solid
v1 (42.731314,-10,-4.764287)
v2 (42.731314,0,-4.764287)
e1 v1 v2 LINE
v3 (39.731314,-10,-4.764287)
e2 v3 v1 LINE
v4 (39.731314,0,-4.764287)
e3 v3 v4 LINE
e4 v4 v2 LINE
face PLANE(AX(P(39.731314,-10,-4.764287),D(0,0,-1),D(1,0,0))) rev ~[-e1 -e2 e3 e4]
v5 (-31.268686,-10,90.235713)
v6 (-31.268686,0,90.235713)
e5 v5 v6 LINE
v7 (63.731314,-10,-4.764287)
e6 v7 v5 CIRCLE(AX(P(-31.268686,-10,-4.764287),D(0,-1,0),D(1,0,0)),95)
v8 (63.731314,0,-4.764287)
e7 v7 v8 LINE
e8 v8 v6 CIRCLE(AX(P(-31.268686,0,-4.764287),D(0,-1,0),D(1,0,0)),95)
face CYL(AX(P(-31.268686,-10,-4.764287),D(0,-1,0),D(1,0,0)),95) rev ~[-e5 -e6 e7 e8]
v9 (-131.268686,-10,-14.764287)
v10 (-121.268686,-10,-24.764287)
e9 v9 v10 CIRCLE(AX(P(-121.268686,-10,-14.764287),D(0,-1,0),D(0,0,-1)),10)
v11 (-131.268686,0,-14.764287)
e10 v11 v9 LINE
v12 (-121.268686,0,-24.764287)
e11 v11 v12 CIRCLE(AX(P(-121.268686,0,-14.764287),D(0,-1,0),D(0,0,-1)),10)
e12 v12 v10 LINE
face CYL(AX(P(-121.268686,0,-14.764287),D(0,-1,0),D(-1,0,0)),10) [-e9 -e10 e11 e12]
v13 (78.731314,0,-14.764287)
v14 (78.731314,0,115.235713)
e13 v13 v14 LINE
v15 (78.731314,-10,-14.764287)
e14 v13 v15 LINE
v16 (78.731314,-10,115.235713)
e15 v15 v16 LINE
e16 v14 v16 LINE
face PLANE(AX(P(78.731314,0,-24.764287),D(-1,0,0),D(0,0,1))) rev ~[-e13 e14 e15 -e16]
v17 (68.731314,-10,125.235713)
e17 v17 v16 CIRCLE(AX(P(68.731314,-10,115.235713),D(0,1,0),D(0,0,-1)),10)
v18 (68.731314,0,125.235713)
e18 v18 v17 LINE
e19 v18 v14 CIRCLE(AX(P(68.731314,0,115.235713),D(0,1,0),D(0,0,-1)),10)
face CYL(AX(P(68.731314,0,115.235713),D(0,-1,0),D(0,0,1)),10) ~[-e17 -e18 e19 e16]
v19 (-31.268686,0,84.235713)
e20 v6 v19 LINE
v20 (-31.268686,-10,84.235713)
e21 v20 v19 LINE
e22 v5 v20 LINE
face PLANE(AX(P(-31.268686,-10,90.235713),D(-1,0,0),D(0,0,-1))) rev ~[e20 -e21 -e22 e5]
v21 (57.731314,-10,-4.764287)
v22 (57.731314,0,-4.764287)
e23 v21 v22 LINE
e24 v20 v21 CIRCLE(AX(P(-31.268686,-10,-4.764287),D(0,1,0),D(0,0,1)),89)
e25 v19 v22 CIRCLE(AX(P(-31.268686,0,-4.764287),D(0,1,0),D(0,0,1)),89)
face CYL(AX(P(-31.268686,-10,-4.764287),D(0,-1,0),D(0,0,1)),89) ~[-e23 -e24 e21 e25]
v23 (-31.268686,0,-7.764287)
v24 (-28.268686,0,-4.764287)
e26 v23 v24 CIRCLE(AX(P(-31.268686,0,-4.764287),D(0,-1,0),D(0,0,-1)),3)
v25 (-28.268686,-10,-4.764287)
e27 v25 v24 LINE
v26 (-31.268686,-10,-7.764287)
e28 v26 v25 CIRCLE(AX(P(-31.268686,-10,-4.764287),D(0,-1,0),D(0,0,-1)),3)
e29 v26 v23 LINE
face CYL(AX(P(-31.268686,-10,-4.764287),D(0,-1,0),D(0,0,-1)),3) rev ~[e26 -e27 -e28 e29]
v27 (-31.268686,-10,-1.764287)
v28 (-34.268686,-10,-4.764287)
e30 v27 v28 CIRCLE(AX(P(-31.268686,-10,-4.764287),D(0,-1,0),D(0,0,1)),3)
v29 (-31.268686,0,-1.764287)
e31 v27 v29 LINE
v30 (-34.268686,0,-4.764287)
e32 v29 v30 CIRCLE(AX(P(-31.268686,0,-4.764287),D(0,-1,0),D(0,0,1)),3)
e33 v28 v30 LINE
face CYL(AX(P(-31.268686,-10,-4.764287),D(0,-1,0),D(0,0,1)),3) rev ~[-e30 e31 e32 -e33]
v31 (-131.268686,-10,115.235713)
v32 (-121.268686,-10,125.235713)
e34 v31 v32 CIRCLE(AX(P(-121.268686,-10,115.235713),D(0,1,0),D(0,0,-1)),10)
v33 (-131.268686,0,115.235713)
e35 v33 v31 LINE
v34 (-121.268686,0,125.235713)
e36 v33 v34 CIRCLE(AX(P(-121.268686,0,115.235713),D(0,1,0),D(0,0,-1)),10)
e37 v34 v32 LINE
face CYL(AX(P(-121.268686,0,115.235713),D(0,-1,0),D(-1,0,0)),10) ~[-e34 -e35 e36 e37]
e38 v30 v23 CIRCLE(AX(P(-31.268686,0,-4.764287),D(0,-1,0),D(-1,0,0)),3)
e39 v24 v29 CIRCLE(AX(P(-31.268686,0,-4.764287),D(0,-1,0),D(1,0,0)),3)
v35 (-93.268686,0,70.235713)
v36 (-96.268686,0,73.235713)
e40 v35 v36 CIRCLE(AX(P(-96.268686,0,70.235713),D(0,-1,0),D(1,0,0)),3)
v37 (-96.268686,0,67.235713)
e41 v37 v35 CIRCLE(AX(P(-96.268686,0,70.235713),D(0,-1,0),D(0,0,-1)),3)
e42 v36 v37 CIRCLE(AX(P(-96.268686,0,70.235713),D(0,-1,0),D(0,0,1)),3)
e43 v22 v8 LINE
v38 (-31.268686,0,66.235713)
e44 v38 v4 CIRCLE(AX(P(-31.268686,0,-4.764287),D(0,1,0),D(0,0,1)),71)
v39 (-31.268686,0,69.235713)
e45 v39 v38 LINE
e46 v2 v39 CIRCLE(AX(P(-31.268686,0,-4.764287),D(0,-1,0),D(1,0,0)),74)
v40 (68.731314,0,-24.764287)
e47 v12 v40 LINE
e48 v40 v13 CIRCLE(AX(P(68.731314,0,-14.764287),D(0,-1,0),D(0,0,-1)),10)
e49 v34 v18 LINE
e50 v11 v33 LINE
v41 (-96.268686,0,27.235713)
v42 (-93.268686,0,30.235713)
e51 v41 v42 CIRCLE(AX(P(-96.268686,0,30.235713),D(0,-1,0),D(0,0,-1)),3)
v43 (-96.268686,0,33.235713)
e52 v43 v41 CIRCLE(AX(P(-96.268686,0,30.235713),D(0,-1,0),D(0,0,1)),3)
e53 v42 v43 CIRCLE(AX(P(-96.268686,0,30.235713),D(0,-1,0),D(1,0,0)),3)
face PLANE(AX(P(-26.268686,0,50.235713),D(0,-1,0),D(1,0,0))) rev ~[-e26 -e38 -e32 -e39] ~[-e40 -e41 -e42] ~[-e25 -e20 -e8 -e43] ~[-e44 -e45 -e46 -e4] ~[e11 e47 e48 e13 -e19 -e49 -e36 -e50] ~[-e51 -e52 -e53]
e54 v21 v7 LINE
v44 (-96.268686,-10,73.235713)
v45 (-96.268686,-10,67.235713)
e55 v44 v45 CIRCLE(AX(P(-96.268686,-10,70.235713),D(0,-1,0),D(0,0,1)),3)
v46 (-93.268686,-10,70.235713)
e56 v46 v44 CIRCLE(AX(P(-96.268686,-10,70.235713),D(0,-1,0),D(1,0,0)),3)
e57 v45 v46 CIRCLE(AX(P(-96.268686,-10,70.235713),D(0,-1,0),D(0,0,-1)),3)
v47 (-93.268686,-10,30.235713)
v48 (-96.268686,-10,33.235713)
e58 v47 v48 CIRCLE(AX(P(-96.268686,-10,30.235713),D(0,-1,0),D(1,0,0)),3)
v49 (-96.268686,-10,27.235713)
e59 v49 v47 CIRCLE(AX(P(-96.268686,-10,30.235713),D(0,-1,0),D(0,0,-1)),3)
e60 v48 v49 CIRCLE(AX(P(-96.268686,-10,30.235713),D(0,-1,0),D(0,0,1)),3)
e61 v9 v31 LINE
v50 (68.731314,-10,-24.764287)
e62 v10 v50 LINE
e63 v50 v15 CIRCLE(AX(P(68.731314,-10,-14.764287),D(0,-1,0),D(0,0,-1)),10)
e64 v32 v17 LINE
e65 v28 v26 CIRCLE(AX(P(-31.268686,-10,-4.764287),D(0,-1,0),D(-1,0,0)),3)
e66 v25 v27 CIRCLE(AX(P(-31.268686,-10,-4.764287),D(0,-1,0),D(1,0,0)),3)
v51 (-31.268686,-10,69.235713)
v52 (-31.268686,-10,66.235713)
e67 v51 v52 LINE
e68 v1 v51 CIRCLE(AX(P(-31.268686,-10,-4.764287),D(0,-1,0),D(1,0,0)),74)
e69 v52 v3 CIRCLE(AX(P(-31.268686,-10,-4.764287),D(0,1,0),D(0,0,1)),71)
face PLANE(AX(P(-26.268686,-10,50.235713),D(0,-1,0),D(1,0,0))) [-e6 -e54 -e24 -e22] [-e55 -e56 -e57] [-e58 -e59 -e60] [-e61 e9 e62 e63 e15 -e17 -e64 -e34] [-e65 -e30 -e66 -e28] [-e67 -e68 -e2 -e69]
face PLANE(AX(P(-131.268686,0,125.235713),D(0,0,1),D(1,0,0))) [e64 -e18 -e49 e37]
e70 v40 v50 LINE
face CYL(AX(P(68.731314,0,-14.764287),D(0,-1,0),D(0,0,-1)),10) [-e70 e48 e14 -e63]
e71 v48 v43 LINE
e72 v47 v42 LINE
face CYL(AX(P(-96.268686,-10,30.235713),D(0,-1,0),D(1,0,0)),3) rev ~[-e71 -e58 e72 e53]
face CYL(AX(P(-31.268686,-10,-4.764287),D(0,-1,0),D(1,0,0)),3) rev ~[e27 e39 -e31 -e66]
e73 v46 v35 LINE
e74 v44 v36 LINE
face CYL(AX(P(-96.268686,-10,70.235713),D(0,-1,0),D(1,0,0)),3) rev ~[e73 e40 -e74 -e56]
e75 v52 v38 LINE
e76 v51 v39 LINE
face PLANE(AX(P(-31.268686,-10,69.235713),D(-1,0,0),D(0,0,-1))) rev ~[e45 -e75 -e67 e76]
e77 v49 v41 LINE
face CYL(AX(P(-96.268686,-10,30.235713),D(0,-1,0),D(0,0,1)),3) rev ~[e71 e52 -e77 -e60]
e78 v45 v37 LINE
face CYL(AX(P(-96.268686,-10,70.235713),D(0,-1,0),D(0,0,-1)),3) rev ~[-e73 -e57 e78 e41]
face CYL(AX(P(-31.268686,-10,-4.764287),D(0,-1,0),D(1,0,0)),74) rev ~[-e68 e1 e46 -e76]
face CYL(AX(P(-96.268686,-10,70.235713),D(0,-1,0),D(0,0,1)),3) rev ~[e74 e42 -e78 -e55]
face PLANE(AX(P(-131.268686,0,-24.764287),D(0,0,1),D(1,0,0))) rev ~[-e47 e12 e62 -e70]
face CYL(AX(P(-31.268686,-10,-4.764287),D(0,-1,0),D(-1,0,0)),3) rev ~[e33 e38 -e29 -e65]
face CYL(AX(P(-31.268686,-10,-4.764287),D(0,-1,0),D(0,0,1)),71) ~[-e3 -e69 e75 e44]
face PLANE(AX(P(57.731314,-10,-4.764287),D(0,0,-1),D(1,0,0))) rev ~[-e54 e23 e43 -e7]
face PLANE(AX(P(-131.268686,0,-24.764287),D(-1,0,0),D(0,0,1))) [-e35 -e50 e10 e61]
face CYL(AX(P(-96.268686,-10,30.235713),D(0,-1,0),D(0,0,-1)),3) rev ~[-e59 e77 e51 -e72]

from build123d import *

# Parameters (mm, degrees)
F0_W     = 210
F0_H     = 150
F1_DEPTH = 10
F2_R     = 10
F3_R     = 10
F4_R     = 10
F6_DEPTH = 10


with BuildPart() as f1:
    # F0 (on Front) → F1 (new body)
    with BuildSketch(Plane.XZ):
        with Locations((-26.2686859254, 50.2357134596)):
            Rectangle(F0_W, F0_H)
    extrude(amount=F1_DEPTH)

    # F2
    f2_edges = [f1.edges().sort_by_distance(p)[0] for p in [
        (-131.268686, -5, 125.235713),
    ]]
    fillet(f2_edges, radius=F2_R)

    # F3
    f3_edges = [f1.edges().sort_by_distance(p)[0] for p in [
        (-131.268686, -5, -24.764287),
    ]]
    fillet(f3_edges, radius=F3_R)

    # F4
    f4_edges = [f1.edges().sort_by_distance(p)[0] for p in [
        (78.731314, -5, -24.764287),
        (78.731314, -5, 125.235713),
    ]]
    fillet(f4_edges, radius=F4_R)

    # F5 (on face) → F6 (cut)
    with BuildSketch(Plane.XZ.offset(10)):
        with BuildLine():
            Line((-34.2686859254, -4.7642865404), (-31.2686859254, -4.7642865404))
            Line((-31.2686859254, -4.7642865404), (-31.2686859254, -1.7642865404))
            ThreePointArc((-31.2686859254, -1.7642865404), (-33.3900062689, -2.6429661969), (-34.2686859254, -4.7642865404))
        make_face()
        with BuildLine():
            Line((-31.2686859254, -7.7642865404), (-31.2686859254, -4.7642865404))
            Line((-31.2686859254, -4.7642865404), (-34.2686859254, -4.7642865404))
            ThreePointArc((-34.2686859254, -4.7642865404), (-33.3900062689, -6.885606884), (-31.2686859254, -7.7642865404))
        make_face()
        with BuildLine():
            Line((-31.2686859254, -4.7642865404), (-28.2686859254, -4.7642865404))
            ThreePointArc((-28.2686859254, -4.7642865404), (-29.1473655818, -2.6429661969), (-31.2686859254, -1.7642865404))
            Line((-31.2686859254, -1.7642865404), (-31.2686859254, -4.7642865404))
        make_face()
        with BuildLine():
            ThreePointArc((-31.2686859254, -7.7642865404), (-29.1473655818, -6.885606884), (-28.2686859254, -4.7642865404))
            Line((-28.2686859254, -4.7642865404), (-31.2686859254, -4.7642865404))
            Line((-31.2686859254, -4.7642865404), (-31.2686859254, -7.7642865404))
        make_face()
        with BuildLine():
            ThreePointArc((-31.2686859254, 66.2357134596), (18.9358955389, 45.4402949238), (39.7313140746, -4.7642865404))
            Line((39.7313140746, -4.7642865404), (42.7313140746, -4.7642865404))
            ThreePointArc((42.7313140746, -4.7642865404), (21.0572158824, 47.5616152674), (-31.2686859254, 69.2357134596))
            Line((-31.2686859254, 69.2357134596), (-31.2686859254, 66.2357134596))
        make_face()
        with BuildLine():
            ThreePointArc((-31.2686859254, 84.2357134596), (31.6638176002, 58.1682169852), (57.7313140746, -4.7642865404))
            Line((57.7313140746, -4.7642865404), (63.7313140746, -4.7642865404))
            ThreePointArc((63.7313140746, -4.7642865404), (35.9064582873, 62.4108576723), (-31.2686859254, 90.2357134596))
            Line((-31.2686859254, 90.2357134596), (-31.2686859254, 84.2357134596))
        make_face()
        with BuildLine():
            Line((-96.2686859254, 67.2357134596), (-96.2686859254, 73.2357134596))
            ThreePointArc((-96.2686859254, 73.2357134596), (-99.2686859254, 70.2357134596), (-96.2686859254, 67.2357134596))
        make_face()
        with BuildLine():
            ThreePointArc((-93.2686859254, 70.2357134596), (-94.1473655818, 72.3570338031), (-96.2686859254, 73.2357134596))
            Line((-96.2686859254, 73.2357134596), (-96.2686859254, 67.2357134596))
            ThreePointArc((-96.2686859254, 67.2357134596), (-94.1473655818, 68.114393116), (-93.2686859254, 70.2357134596))
        make_face()
        with BuildLine():
            ThreePointArc((-96.2686859254, 33.2357134596), (-99.2686859254, 30.2357134596), (-96.2686859254, 27.2357134596))
            Line((-96.2686859254, 27.2357134596), (-96.2686859254, 33.2357134596))
        make_face()
        with BuildLine():
            Line((-96.2686859254, 33.2357134596), (-96.2686859254, 27.2357134596))
            ThreePointArc((-96.2686859254, 27.2357134596), (-94.1473655818, 28.114393116), (-93.2686859254, 30.2357134596))
            ThreePointArc((-93.2686859254, 30.2357134596), (-94.1473655818, 32.3570338031), (-96.2686859254, 33.2357134596))
        make_face()
    extrude(amount=-F6_DEPTH, mode=Mode.SUBTRACT)


solid = f1.part
